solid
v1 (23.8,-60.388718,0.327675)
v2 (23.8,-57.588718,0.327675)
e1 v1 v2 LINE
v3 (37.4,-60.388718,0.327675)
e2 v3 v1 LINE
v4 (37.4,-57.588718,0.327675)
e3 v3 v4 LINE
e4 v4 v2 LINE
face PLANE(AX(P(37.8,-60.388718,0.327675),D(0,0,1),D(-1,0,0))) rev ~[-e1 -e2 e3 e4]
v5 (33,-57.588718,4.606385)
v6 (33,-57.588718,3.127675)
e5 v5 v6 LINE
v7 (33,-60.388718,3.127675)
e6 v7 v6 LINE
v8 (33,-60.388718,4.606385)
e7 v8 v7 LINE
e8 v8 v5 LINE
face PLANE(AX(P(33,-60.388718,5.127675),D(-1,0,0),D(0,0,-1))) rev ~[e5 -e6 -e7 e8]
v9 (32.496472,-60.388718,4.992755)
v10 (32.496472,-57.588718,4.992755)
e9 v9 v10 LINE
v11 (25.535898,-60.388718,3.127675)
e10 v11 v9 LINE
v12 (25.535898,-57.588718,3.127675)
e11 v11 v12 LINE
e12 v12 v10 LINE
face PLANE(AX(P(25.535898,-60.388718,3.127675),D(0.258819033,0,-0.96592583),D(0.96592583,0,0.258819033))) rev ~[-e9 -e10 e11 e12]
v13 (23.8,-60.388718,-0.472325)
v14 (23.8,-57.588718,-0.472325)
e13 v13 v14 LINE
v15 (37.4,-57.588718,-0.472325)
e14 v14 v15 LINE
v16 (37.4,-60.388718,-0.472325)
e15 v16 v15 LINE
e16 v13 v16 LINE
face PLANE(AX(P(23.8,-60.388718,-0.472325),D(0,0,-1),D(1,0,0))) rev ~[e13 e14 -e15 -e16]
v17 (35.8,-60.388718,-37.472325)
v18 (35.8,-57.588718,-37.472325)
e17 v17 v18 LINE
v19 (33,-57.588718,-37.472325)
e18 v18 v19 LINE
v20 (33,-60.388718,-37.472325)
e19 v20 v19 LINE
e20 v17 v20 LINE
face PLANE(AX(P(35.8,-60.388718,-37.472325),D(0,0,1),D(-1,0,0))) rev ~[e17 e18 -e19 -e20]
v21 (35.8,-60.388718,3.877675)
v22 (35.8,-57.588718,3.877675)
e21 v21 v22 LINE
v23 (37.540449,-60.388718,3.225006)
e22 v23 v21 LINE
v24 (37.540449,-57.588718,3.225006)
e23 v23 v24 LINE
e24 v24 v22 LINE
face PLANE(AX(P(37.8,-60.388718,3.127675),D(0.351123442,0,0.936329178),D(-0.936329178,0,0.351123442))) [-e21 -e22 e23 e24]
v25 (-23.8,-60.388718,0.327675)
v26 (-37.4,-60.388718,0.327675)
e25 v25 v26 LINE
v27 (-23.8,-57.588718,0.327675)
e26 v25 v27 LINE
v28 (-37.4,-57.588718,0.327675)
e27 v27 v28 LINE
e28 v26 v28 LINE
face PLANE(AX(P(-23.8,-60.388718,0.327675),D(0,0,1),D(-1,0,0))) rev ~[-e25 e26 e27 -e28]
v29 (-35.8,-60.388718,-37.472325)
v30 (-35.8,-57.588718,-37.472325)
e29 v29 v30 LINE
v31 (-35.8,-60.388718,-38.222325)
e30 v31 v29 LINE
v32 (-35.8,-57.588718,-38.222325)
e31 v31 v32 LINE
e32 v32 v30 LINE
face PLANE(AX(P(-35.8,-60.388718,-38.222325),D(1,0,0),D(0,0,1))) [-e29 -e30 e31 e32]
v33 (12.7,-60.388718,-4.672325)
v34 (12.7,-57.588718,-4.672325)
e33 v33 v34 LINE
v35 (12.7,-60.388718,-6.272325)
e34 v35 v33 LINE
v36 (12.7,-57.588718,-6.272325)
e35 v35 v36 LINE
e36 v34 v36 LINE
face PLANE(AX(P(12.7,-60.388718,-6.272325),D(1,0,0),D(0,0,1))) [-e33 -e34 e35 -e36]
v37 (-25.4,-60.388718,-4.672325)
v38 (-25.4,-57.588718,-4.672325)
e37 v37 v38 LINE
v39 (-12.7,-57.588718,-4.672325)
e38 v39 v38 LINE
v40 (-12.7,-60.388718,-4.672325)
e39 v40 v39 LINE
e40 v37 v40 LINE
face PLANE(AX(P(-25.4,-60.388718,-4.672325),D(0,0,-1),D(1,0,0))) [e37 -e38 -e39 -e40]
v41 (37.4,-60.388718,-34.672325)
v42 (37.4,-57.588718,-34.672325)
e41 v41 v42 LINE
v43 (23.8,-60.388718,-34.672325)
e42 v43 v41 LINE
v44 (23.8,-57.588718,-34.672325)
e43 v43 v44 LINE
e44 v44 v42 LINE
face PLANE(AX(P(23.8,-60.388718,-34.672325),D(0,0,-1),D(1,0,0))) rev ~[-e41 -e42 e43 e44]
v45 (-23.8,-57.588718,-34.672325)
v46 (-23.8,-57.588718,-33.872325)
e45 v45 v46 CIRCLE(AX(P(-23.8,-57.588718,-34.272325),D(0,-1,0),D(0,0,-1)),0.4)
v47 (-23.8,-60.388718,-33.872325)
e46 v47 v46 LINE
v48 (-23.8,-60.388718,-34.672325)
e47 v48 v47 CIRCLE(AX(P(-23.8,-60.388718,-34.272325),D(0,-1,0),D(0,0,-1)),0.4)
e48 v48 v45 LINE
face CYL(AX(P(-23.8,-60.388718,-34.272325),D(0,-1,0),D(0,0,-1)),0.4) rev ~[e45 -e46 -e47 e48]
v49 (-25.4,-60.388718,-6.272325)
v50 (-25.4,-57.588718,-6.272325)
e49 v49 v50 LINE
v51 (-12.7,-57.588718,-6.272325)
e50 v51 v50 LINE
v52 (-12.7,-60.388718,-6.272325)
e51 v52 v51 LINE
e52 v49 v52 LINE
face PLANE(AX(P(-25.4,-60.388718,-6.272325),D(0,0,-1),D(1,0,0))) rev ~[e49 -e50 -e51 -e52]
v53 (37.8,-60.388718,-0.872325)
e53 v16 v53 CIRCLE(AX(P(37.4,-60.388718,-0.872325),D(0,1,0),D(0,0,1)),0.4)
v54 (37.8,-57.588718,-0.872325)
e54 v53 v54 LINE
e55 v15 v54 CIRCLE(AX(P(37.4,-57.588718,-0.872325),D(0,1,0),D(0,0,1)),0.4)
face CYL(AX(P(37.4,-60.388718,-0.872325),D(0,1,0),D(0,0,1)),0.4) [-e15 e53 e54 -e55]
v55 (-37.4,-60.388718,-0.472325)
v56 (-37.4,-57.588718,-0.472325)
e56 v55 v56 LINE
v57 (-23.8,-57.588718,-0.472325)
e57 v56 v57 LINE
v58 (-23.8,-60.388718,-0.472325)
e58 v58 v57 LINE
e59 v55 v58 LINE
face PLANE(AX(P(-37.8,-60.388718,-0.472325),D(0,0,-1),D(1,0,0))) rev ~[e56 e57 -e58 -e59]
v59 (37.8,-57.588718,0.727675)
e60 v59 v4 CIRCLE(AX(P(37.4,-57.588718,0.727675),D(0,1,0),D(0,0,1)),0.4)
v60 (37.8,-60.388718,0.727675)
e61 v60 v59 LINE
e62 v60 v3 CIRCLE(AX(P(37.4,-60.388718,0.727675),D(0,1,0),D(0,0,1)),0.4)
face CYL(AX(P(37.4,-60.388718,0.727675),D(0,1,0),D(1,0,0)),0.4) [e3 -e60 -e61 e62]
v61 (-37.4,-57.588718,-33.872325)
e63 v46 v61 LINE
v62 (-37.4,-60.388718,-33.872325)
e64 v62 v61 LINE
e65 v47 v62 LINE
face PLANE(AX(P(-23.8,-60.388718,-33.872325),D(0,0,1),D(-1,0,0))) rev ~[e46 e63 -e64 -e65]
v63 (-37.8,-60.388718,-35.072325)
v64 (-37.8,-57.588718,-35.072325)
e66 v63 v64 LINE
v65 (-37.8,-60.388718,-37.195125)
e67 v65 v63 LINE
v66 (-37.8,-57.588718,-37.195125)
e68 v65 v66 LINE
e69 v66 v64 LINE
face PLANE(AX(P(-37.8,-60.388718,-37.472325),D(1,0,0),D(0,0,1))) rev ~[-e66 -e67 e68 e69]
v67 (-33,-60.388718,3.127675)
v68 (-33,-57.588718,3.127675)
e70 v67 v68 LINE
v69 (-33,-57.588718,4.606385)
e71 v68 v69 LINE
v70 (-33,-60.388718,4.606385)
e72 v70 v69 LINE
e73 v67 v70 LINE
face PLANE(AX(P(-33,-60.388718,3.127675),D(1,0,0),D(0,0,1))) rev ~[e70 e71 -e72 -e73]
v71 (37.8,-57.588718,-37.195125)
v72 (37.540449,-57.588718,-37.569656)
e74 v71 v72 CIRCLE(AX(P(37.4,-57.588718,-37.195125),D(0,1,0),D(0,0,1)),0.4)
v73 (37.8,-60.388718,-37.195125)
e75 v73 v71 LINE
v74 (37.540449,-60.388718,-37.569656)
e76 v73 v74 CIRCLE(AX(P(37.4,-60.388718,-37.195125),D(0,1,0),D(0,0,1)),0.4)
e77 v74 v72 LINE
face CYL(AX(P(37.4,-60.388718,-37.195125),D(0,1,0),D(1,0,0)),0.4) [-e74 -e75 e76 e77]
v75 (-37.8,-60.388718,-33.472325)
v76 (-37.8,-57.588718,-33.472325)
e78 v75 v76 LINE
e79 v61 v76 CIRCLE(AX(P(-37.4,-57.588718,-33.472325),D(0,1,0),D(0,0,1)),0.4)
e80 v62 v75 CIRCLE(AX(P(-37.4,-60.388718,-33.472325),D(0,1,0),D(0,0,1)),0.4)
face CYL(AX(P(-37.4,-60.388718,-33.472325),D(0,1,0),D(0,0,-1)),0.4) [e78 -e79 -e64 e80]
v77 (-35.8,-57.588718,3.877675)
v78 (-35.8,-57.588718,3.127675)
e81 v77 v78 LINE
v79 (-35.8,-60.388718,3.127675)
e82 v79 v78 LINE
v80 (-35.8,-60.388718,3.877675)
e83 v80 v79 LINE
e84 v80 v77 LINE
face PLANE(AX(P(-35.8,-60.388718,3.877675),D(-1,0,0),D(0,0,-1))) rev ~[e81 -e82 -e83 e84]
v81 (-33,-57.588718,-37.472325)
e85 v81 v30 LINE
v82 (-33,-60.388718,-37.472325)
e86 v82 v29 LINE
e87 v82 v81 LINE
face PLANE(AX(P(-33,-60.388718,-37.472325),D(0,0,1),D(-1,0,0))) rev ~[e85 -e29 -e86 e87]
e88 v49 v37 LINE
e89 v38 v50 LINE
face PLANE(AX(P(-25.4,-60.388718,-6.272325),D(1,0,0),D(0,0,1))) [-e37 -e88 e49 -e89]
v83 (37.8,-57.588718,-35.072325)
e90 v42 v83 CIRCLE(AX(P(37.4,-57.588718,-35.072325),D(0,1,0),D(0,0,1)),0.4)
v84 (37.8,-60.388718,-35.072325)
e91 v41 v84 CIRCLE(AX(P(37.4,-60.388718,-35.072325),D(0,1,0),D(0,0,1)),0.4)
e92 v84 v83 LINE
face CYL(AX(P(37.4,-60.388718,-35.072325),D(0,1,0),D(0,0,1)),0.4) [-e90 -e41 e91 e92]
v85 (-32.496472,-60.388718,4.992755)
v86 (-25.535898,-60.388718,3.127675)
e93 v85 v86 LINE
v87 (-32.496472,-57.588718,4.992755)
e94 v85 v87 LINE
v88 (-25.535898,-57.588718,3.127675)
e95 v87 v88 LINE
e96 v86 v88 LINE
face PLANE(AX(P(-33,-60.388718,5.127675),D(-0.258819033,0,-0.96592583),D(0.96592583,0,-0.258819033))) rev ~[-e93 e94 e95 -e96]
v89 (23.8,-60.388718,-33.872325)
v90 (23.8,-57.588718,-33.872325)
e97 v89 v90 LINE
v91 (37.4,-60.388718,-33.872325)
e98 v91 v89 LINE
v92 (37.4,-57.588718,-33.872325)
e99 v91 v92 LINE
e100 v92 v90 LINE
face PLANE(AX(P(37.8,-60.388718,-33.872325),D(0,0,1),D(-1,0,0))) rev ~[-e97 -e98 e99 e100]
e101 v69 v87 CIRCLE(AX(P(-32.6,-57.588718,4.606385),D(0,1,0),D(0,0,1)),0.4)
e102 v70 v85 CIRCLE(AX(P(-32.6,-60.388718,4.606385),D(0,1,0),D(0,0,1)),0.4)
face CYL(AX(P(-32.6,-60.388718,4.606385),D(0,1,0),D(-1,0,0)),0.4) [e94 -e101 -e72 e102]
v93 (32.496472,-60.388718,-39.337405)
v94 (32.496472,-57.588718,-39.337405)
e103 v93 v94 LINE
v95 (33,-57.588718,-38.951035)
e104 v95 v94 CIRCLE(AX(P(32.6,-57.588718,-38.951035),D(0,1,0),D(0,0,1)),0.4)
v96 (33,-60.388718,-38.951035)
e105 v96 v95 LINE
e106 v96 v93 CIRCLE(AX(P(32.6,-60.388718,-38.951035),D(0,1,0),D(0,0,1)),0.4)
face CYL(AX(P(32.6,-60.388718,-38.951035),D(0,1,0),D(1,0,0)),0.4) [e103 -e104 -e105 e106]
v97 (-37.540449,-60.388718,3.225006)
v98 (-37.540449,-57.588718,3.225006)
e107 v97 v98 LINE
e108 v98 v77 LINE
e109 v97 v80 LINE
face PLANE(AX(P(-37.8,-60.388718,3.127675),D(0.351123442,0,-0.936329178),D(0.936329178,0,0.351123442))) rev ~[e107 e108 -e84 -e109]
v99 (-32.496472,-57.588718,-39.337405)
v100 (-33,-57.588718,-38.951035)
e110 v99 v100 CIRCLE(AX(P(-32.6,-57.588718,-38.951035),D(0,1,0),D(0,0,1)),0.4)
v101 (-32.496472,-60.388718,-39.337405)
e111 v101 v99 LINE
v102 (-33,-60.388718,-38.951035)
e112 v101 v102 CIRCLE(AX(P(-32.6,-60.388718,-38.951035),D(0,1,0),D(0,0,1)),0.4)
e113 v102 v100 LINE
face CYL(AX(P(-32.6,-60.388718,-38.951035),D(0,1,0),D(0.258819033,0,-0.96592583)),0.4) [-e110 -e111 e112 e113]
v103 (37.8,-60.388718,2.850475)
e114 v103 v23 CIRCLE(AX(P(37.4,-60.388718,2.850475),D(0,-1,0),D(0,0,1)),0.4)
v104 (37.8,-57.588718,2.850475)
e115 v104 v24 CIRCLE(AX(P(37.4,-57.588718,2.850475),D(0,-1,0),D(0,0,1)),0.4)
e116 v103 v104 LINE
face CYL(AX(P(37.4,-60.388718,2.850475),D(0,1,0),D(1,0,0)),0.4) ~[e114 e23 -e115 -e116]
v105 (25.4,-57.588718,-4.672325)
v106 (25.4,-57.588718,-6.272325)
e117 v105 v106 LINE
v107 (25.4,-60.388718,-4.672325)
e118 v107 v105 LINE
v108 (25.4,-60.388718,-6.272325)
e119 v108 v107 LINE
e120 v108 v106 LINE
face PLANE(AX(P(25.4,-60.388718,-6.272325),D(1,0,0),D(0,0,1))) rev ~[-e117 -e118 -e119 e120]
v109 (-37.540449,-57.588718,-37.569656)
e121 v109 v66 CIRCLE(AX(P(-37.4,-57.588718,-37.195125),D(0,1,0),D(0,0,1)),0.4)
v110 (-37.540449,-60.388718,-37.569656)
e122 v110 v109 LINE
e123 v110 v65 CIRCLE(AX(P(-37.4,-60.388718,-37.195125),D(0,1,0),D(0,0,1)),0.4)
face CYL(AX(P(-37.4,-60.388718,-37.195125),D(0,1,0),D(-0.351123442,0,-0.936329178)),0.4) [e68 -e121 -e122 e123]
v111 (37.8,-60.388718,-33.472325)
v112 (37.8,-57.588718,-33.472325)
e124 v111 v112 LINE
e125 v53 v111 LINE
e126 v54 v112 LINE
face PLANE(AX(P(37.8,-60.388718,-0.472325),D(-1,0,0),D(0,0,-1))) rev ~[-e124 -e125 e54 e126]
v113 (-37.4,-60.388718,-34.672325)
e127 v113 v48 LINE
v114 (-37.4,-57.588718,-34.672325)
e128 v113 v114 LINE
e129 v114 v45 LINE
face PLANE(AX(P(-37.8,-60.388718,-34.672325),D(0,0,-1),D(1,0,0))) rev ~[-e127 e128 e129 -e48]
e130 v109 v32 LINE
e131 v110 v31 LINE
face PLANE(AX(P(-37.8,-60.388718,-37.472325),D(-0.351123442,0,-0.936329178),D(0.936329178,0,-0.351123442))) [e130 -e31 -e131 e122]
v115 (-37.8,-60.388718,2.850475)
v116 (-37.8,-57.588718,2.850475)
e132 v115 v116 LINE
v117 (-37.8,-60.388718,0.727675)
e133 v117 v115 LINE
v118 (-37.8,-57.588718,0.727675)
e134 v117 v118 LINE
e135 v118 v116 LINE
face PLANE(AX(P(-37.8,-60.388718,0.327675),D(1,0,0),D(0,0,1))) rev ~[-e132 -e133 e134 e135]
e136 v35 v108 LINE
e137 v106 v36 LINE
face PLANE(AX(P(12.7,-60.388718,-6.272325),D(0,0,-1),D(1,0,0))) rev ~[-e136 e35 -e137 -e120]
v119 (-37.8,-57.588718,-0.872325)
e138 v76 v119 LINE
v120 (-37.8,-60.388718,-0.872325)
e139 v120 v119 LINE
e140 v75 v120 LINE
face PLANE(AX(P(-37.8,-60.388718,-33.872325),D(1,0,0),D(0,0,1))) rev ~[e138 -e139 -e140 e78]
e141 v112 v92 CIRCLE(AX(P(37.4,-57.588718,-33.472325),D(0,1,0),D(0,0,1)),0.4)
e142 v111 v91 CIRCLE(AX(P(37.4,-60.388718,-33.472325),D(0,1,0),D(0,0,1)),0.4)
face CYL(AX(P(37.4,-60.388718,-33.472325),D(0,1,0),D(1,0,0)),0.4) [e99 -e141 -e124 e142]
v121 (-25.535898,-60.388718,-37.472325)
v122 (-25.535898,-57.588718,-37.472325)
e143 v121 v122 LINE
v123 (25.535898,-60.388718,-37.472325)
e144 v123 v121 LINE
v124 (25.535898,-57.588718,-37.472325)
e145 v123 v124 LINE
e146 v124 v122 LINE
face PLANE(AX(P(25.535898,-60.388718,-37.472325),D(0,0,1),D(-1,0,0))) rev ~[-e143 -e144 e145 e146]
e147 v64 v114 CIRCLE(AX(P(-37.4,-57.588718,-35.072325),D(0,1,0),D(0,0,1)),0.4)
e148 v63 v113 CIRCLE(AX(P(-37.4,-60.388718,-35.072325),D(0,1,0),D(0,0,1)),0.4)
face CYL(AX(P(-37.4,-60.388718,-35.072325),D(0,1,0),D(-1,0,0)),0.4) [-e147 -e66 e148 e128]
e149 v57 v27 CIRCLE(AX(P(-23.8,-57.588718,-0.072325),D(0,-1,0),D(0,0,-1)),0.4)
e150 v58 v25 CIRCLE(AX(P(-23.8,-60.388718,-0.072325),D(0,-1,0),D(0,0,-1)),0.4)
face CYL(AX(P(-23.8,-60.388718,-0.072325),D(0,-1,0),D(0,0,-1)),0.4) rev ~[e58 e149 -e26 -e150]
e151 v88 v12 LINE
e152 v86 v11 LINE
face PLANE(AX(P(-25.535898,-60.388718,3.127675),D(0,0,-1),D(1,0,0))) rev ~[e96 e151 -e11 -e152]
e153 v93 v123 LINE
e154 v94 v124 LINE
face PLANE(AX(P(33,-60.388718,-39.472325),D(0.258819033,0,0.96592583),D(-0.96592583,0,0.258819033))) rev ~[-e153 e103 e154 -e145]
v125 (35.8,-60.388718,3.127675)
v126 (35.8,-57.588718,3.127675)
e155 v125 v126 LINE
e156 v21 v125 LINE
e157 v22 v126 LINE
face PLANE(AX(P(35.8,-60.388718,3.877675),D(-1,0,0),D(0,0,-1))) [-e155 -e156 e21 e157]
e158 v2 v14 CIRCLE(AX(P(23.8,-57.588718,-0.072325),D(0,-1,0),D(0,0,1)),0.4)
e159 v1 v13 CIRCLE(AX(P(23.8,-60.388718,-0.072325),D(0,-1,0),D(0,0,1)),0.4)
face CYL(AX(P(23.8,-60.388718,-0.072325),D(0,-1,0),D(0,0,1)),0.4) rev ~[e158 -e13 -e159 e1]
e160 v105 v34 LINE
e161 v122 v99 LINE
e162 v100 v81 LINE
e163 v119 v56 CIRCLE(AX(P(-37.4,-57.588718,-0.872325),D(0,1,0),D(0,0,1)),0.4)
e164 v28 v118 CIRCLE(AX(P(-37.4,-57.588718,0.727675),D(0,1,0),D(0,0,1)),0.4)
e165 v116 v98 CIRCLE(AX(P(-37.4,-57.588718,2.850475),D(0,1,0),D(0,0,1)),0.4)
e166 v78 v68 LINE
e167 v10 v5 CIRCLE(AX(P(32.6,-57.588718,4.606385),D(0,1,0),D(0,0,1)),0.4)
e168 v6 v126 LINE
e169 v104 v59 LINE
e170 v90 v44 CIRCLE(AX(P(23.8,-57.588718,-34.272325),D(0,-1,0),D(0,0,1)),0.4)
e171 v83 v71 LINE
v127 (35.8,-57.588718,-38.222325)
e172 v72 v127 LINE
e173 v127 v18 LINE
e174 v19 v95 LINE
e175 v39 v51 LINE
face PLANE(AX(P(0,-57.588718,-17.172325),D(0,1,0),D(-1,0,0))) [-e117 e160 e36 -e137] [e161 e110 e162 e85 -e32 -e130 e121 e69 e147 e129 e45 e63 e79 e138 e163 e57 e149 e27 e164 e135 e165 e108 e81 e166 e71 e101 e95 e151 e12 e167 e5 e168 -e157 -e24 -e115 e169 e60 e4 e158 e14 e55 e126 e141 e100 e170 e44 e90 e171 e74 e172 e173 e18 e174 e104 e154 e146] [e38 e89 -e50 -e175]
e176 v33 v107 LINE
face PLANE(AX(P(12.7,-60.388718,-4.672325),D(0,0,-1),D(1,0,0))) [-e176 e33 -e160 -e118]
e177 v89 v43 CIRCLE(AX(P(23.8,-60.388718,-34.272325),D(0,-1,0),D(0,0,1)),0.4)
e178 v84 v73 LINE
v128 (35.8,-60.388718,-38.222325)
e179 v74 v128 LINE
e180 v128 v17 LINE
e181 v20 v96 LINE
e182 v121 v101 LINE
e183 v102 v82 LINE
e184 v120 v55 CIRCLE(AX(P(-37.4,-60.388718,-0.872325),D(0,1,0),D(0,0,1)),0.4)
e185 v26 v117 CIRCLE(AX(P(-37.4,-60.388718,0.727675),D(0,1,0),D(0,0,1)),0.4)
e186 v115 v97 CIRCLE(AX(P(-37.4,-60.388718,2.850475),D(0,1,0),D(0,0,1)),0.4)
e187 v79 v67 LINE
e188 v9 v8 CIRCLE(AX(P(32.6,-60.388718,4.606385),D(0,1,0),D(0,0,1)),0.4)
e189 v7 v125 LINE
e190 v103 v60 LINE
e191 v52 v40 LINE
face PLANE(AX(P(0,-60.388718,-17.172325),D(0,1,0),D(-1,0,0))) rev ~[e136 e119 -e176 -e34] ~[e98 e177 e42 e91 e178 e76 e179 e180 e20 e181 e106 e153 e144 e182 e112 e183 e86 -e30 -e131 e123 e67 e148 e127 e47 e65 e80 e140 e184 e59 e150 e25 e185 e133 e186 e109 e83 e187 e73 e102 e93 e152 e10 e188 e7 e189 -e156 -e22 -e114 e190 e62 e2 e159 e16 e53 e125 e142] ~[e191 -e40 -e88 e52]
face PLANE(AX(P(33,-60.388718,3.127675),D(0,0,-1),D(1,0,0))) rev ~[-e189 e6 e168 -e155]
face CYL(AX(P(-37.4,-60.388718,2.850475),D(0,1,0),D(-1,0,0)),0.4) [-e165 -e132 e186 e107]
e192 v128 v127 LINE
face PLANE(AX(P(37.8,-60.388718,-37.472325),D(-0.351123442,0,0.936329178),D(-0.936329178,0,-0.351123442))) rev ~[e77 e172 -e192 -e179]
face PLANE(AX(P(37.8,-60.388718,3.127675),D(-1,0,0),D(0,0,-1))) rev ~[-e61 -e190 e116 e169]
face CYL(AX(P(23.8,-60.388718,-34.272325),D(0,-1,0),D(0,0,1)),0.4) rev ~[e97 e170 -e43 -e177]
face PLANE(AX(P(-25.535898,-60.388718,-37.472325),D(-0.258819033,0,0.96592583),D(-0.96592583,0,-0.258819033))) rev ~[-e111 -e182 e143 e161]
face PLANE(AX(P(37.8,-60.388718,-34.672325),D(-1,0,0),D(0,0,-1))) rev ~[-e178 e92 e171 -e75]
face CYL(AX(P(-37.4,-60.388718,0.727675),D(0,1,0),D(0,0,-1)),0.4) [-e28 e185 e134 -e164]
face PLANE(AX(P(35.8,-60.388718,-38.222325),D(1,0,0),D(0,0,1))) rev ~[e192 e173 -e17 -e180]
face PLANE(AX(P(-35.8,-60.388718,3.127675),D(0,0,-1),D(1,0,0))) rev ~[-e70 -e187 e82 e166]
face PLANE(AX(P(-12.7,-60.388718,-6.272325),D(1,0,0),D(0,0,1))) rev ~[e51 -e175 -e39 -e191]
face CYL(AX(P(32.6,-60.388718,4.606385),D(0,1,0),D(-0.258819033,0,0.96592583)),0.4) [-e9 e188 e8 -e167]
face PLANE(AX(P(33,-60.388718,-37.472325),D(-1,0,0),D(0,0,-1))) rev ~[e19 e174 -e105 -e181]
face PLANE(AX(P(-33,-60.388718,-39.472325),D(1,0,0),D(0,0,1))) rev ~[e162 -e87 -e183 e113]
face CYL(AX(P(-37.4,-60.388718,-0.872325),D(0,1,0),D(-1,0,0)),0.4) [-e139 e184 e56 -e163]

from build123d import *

# Parameters (mm, degrees)
PAD009_DEPTH    = 2.8
FILLET004_R     = 0.4
SKETCH025_W     = 12.7
SKETCH025_H     = 1.6
POCKET014_DEPTH = 2.801


with BuildPart() as part:
    # Sketch009 (on Face6 of ShapeBinder008) → Pad009 (new body)
    with BuildSketch(Plane.XZ.offset(60.388718)):
        with BuildLine():
            Line((37.8, 3.127675), (37.8, 0.327675))
            Line((37.8, 0.327675), (23.8, 0.327675))
            ThreePointArc((23.8, 0.327675), (23.4, -0.072325), (23.8, -0.472325))
            Line((23.8, -0.472325), (37.8, -0.472325))
            Line((37.8, -0.472325), (37.8, -33.872325))
            Line((37.8, -33.872325), (23.8, -33.872325))
            ThreePointArc((23.8, -33.872325), (23.4, -34.272325), (23.8, -34.672325))
            Line((23.8, -34.672325), (37.8, -34.672325))
            Line((37.8, -34.672325), (37.8, -37.472325))
            Line((37.8, -37.472325), (35.8, -38.222325))
            Line((35.8, -38.222325), (35.8, -37.472325))
            Line((35.8, -37.472325), (33, -37.472325))
            Line((33, -37.472325), (33, -39.472325))
            Line((33, -39.472325), (25.535898, -37.472325))
            Line((25.535898, -37.472325), (-25.535898, -37.472325))
            Line((-25.535898, -37.472325), (-33, -39.472325))
            Line((-33, -39.472325), (-33, -37.472325))
            Line((-33, -37.472325), (-35.8, -37.472325))
            Line((-35.8, -38.222325), (-35.8, -37.472325))
            Line((-37.8, -37.472325), (-35.8, -38.222325))
            Line((-37.8, -37.472325), (-37.8, -34.672325))
            Line((-37.8, -34.672325), (-23.8, -34.672325))
            ThreePointArc((-23.8, -34.672325), (-23.4, -34.272325), (-23.8, -33.872325))
            Line((-23.8, -33.872325), (-37.8, -33.872325))
            Line((-37.8, -33.872325), (-37.8, -0.472325))
            Line((-37.8, -0.472325), (-23.8, -0.472325))
            ThreePointArc((-23.8, -0.472325), (-23.4, -0.072325), (-23.8, 0.327675))
            Line((-23.8, 0.327675), (-37.8, 0.327675))
            Line((-37.8, 0.327675), (-37.8, 3.127675))
            Line((-37.8, 3.127675), (-35.8, 3.877675))
            Line((-35.8, 3.877675), (-35.8, 3.127675))
            Line((-35.8, 3.127675), (-33, 3.127675))
            Line((-33, 3.127675), (-33, 5.127675))
            Line((-33, 5.127675), (-25.535898, 3.127675))
            Line((-25.535898, 3.127675), (25.535898, 3.127675))
            Line((25.535898, 3.127675), (33, 5.127675))
            Line((33, 5.127675), (33, 3.127675))
            Line((33, 3.127675), (35.8, 3.127675))
            Line((35.8, 3.877675), (35.8, 3.127675))
            Line((37.8, 3.127675), (35.8, 3.877675))
        make_face()
    extrude(amount=-PAD009_DEPTH)

    # Fillet004
    fillet004_edges = [part.edges().sort_by_distance(p)[0] for p in [
        (33, -58.988718, 5.127675),
        (37.8, -58.988718, 3.127675),
        (37.8, -58.988718, 0.327675),
        (37.8, -58.988718, -0.472325),
        (37.8, -58.988718, -33.872325),
        (37.8, -58.988718, -34.672325),
        (37.8, -58.988718, -37.472325),
        (33, -58.988718, -39.472325),
        (-37.8, -58.988718, -33.872325),
        (-37.8, -58.988718, -34.672325),
        (-37.8, -58.988718, -37.472325),
        (-33, -58.988718, -39.472325),
        (-33, -58.988718, 5.127675),
        (-37.8, -58.988718, 3.127675),
        (-37.8, -58.988718, 0.327675),
        (-37.8, -58.988718, -0.472325),
    ]]
    fillet(fillet004_edges, radius=FILLET004_R)

    # Sketch025 (on Face2 of Fillet004) → Pocket014 (cut, through all)
    with BuildSketch(Plane.XZ.offset(60.388718)):
        with Locations((-19.05, -5.472325)):
            Rectangle(SKETCH025_W, SKETCH025_H)
        with Locations((19.05, -5.472325)):
            Rectangle(SKETCH025_W, SKETCH025_H)
    extrude(amount=-POCKET014_DEPTH, mode=Mode.SUBTRACT)


solid = part.part
